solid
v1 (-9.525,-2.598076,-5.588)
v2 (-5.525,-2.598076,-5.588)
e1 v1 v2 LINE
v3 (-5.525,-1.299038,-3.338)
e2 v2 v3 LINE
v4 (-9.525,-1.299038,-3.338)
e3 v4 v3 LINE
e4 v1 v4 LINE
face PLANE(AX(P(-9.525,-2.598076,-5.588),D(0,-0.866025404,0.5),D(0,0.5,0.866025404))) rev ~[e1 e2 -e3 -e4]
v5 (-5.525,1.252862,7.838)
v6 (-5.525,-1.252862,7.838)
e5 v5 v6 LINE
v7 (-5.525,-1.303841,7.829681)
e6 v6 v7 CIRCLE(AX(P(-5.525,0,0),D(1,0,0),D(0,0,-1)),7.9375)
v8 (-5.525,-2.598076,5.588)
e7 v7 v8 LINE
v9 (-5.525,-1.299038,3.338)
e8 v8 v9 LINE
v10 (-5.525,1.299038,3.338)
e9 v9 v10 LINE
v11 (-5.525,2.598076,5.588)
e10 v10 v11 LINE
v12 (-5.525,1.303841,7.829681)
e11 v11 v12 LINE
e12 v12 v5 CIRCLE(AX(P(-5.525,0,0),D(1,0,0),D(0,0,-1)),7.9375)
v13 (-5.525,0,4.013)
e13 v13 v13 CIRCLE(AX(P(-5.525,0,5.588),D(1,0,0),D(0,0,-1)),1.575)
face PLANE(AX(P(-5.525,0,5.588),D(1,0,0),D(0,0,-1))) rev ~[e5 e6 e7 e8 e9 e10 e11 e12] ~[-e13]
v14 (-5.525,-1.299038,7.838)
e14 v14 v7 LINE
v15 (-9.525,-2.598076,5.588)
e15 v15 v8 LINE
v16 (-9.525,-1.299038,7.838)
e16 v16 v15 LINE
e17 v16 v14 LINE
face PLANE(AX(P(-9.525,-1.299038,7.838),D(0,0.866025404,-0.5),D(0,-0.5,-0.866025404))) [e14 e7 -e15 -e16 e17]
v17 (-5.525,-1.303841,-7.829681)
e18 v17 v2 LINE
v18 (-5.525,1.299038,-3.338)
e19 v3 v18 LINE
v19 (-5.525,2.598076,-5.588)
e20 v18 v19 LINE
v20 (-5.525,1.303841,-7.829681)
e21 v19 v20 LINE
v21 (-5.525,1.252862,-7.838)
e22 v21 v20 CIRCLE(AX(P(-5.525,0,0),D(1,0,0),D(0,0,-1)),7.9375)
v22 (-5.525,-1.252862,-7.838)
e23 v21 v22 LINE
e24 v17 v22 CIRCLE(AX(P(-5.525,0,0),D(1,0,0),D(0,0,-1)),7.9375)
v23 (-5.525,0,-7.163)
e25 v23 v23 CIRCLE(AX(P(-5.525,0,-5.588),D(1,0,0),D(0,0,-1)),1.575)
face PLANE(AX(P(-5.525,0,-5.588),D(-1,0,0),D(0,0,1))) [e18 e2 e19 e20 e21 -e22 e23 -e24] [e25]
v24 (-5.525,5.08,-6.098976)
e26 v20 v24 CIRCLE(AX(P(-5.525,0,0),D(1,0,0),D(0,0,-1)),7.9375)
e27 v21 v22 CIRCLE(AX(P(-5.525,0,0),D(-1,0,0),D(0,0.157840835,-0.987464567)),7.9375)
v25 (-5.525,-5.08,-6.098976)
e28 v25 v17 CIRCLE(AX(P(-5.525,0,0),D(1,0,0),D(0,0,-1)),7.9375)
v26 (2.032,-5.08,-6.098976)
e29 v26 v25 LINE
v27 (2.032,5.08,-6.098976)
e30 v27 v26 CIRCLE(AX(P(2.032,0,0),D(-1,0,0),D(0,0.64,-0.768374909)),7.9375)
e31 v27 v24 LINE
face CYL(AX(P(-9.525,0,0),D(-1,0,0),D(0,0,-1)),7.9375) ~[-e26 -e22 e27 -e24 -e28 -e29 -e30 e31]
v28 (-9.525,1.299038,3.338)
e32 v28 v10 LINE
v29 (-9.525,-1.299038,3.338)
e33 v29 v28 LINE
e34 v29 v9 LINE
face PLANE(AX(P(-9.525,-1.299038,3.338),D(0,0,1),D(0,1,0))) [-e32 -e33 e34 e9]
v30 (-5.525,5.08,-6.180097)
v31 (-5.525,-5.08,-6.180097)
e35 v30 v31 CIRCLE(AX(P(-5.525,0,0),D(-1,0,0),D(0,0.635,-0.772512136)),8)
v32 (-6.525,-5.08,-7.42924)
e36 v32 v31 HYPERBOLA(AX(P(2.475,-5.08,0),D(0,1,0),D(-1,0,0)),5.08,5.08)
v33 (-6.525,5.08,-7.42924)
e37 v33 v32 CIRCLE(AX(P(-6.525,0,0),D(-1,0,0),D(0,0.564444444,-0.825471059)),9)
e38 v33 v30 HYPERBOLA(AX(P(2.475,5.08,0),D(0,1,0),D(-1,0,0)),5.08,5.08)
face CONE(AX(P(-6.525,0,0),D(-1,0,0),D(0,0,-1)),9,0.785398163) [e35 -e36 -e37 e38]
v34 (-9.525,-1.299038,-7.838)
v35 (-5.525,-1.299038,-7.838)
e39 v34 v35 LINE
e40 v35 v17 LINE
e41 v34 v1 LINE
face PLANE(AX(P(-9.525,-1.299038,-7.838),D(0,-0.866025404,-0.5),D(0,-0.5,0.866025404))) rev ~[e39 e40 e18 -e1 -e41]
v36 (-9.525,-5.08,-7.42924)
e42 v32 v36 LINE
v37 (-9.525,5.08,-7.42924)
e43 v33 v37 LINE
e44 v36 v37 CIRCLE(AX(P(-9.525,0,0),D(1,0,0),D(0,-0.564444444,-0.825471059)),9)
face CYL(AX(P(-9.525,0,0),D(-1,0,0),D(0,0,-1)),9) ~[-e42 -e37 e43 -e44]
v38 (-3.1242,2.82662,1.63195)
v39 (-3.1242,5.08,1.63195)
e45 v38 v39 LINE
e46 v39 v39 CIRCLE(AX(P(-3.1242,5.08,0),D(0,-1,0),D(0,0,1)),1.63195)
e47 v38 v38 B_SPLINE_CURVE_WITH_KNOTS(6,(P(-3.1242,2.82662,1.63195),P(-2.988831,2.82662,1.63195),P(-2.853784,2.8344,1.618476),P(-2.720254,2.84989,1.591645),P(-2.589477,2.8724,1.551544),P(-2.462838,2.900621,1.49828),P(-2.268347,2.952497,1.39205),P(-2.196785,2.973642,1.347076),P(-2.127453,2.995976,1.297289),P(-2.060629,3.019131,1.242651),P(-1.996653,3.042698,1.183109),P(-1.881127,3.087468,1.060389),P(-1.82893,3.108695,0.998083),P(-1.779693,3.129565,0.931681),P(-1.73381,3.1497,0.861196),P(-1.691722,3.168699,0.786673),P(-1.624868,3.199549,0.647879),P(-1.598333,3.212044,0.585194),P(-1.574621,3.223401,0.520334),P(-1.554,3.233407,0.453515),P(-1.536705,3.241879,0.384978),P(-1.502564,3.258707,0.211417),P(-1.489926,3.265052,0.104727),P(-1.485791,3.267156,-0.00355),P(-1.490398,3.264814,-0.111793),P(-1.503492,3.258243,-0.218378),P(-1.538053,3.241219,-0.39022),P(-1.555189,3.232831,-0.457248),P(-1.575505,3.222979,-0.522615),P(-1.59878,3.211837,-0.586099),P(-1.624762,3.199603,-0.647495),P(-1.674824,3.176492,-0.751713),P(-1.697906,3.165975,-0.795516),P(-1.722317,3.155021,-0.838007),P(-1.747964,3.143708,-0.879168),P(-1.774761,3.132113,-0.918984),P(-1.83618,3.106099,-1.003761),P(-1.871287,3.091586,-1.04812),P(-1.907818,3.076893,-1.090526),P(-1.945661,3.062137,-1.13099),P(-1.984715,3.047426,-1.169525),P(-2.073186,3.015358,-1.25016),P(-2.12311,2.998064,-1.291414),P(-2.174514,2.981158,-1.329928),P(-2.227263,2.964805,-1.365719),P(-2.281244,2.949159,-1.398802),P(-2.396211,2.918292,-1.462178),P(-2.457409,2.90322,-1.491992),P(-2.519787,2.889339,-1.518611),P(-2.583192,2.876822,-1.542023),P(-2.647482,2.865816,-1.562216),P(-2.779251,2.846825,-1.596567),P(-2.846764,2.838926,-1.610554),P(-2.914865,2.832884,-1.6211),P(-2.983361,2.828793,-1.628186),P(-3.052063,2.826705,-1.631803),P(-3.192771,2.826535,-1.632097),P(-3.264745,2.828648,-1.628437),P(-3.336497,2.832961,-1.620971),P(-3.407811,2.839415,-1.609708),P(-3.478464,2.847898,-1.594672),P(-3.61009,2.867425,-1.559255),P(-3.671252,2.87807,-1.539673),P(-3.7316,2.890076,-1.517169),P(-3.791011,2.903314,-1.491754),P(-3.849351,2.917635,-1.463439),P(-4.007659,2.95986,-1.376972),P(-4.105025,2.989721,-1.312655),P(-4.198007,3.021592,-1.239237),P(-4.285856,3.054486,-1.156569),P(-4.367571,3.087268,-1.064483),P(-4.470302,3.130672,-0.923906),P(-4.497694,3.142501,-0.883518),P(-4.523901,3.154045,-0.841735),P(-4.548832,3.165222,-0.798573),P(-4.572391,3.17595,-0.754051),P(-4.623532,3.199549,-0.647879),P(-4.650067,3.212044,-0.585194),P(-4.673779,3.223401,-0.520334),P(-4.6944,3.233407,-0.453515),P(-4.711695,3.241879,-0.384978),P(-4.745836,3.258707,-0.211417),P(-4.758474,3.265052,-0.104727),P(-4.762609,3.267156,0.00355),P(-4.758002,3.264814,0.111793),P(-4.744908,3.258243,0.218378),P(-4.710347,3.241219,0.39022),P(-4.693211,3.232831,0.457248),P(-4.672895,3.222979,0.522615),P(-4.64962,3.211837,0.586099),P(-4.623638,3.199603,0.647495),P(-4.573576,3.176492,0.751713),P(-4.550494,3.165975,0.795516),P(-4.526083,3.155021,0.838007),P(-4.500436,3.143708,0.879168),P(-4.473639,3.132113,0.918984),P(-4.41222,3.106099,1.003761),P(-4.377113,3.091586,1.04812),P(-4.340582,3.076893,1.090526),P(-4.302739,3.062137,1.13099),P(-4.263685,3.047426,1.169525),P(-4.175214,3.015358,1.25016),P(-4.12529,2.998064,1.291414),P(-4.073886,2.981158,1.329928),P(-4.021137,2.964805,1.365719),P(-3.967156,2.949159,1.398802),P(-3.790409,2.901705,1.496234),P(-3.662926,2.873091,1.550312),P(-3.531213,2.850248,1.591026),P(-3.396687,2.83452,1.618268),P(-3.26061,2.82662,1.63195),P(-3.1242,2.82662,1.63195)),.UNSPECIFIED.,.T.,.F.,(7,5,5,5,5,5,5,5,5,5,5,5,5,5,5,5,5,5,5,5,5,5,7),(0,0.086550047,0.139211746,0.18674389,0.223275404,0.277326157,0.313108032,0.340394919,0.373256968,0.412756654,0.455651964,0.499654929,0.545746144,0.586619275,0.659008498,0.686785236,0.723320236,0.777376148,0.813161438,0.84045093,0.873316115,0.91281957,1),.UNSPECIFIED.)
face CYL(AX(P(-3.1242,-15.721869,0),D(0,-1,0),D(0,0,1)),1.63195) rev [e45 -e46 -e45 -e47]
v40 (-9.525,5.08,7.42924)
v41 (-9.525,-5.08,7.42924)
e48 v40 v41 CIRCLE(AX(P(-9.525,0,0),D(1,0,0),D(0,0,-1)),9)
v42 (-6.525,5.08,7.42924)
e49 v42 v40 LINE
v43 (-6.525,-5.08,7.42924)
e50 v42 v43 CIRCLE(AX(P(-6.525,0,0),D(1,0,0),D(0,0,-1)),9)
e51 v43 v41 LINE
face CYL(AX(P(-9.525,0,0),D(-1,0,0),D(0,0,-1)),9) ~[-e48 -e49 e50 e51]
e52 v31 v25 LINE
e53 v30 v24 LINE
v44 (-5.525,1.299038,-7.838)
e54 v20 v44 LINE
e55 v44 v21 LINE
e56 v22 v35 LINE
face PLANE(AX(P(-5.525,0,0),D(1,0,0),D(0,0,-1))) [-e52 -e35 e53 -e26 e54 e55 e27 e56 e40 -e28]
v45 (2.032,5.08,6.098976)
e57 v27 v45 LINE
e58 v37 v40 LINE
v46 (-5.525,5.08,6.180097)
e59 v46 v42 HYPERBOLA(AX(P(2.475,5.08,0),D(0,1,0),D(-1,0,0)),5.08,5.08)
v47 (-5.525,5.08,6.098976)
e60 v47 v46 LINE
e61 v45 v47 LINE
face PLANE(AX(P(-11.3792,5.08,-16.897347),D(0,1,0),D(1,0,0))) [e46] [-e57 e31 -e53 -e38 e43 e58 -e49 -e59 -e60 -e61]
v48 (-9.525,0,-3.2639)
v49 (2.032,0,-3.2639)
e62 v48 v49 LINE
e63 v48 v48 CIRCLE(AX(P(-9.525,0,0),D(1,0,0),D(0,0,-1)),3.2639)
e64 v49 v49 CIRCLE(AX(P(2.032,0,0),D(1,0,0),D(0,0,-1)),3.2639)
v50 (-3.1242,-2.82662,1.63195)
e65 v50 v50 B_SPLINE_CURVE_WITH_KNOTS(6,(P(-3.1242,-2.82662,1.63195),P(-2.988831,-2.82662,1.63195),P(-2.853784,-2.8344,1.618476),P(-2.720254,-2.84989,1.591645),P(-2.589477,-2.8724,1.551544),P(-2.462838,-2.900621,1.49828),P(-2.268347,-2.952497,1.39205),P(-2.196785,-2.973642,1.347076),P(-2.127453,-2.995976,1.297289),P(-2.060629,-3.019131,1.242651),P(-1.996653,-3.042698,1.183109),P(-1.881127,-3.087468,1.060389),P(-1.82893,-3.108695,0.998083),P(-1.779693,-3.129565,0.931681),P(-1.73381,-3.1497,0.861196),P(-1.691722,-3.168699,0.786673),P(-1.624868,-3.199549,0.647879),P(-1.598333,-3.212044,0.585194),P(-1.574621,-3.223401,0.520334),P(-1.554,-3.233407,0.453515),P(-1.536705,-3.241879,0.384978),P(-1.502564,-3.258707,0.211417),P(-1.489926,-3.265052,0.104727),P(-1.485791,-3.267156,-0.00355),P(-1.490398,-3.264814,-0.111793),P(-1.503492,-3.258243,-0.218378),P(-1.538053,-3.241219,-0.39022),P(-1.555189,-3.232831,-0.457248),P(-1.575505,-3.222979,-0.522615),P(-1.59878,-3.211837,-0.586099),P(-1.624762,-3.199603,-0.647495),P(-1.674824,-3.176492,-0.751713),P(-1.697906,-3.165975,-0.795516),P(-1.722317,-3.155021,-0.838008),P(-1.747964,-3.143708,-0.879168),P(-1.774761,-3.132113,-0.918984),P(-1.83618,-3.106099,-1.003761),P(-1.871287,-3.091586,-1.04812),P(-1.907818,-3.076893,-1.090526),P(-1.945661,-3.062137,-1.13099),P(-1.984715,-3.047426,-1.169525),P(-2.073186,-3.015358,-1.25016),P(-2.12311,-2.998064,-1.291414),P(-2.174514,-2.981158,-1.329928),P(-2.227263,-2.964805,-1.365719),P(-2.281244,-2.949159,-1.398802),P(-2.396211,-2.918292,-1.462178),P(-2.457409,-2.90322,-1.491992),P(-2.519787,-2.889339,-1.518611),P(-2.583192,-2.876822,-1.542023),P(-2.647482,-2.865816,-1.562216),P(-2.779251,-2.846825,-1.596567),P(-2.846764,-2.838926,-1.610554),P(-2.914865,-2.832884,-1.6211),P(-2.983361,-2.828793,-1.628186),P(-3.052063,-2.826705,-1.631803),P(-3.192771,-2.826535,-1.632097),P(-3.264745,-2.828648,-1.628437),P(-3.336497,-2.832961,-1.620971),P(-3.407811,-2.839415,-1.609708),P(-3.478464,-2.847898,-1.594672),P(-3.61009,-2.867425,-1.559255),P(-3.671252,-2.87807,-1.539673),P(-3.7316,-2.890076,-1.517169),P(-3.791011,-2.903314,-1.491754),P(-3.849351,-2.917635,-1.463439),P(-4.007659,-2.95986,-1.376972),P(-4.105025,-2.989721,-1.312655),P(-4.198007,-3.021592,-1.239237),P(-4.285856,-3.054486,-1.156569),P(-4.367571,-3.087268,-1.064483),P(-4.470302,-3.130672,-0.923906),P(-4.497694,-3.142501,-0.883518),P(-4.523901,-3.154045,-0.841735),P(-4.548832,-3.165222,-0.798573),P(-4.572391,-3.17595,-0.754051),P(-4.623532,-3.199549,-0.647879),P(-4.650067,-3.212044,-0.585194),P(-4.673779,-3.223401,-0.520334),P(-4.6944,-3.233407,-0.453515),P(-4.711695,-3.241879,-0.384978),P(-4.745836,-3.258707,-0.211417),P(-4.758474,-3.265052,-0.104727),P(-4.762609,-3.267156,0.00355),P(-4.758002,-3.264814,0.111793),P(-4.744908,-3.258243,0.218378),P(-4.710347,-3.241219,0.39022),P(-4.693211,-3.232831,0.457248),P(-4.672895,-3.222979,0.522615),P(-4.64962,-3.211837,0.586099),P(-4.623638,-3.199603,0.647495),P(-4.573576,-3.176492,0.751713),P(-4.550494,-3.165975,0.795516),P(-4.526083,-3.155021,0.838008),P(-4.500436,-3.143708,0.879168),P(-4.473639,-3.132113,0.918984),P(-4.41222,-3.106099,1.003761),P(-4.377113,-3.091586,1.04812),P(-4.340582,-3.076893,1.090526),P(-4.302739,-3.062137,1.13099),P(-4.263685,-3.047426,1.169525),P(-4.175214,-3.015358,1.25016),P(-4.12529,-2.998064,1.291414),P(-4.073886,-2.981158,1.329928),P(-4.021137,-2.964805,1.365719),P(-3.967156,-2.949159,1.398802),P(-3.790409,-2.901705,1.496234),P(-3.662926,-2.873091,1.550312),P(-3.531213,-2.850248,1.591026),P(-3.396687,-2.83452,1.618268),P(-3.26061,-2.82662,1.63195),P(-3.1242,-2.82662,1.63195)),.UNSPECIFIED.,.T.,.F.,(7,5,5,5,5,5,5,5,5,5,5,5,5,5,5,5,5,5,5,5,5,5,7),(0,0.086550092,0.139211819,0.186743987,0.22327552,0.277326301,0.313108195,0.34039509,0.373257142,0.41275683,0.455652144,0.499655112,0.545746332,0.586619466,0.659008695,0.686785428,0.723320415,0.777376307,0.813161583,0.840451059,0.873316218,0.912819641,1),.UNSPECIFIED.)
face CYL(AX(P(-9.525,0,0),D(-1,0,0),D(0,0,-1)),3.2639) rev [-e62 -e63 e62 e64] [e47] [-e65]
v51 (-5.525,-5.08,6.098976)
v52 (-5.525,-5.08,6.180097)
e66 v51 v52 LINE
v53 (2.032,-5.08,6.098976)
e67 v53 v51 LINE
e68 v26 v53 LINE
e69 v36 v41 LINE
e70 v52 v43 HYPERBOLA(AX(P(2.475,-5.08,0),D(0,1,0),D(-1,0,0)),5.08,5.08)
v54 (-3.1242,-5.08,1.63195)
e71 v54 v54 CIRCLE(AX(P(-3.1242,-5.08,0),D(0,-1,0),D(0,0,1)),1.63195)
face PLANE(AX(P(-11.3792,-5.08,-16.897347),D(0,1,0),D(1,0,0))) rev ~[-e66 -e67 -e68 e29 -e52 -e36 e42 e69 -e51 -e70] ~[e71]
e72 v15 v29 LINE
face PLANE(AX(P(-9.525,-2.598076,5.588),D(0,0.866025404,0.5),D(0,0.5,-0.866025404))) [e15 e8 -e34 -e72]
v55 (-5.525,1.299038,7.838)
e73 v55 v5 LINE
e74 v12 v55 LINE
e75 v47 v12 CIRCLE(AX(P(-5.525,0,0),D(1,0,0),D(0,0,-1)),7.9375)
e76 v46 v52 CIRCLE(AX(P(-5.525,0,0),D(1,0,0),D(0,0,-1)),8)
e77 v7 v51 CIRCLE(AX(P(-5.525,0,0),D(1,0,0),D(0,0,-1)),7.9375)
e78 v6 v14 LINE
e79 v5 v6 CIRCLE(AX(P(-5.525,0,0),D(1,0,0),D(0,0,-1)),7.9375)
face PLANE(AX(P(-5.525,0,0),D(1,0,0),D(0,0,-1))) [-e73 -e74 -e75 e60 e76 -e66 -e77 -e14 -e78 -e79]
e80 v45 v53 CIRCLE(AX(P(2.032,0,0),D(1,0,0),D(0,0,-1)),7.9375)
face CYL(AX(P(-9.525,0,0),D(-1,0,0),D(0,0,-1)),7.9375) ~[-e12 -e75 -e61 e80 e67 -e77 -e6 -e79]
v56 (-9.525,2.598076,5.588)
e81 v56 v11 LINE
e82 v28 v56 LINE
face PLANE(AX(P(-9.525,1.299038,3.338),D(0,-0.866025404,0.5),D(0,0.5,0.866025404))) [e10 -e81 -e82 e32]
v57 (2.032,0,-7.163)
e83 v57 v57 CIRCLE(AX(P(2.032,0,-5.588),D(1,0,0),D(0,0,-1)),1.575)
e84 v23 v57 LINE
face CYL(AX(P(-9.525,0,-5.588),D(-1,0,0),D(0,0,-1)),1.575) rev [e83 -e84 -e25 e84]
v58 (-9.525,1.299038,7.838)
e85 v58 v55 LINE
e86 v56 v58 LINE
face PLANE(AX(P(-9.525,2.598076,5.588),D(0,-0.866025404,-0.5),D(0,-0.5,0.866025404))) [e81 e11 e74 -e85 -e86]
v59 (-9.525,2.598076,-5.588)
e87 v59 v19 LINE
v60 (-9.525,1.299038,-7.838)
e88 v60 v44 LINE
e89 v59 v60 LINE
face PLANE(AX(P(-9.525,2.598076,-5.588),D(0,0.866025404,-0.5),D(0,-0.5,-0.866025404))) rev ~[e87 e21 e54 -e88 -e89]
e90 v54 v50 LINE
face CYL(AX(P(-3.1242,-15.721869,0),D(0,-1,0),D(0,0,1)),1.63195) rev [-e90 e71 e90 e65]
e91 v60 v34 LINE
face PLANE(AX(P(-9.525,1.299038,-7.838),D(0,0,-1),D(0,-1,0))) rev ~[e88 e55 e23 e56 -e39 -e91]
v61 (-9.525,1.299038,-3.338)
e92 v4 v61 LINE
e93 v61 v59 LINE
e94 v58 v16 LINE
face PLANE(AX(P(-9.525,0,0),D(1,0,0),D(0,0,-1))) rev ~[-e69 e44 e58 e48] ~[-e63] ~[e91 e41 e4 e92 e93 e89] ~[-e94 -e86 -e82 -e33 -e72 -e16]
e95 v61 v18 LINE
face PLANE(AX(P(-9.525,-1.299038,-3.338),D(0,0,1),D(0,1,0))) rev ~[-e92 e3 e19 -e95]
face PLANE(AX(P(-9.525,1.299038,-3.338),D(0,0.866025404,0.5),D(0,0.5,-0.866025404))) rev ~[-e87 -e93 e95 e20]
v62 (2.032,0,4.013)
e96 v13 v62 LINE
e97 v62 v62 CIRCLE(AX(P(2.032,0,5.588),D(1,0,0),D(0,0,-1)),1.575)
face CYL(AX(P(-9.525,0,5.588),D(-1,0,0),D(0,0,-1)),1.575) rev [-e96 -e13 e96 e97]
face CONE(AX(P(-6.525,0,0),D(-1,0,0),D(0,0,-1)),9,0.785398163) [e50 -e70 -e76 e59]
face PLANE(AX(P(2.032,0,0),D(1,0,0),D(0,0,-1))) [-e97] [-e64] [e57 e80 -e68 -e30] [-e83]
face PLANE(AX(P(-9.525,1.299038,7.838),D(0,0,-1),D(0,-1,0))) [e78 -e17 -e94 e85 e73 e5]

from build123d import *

# Parameters (mm, degrees)
SKETCH1_R                 = 7.9375
SKETCH1_R_2               = 1.575
SKETCH1_R_3               = 3.2639
INNER_SIDE_EXTRUDE_DEPTH  = 2.032
OUTER_START               = -9.525
SKETCH1_3_R               = 7.9375
SKETCH1_3_R_2             = 1.575
SKETCH1_3_R_3             = 3.2639
OUTER_SIDE_EXTRUDE_DEPTH  = 9.525
CLEVIS_PIN_CUT_DEPTH      = 15.721869362
CLEVIS_PIN_CUT_DEPTH_BACK = 15.721869362
SKETCH2_R                 = 1.63195
SKETCH3_R                 = 9
SKETCH3_R_2               = 7.9375
BOSS_EXTRUDE1_DEPTH       = 4
SKETCH4_R                 = 1.575
CUT_EXTRUDE1_DEPTH        = 4
CHAMFER1_SIZE             = 1
CUT_EXTRUDE2_DEPTH        = 16.897346537
CUT_EXTRUDE2_DEPTH_BACK   = 16.897346537
SKETCH5_W                 = 16.51
SKETCH5_H                 = 4.312866645


with BuildPart() as part:
    # Sketch1 → Inner Side Extrude (new body)
    with BuildSketch(Plane(origin=(0, 0, 0), x_dir=(0, 0, -1), z_dir=(1, 0, 0))):
        Circle(SKETCH1_R)
        with Locations((5.588, 0)):
            Circle(SKETCH1_R_2, mode=Mode.SUBTRACT)
        with Locations((-5.588, 0)):
            Circle(SKETCH1_R_2, mode=Mode.SUBTRACT)
        Circle(SKETCH1_R_3, mode=Mode.SUBTRACT)
    extrude(amount=INNER_SIDE_EXTRUDE_DEPTH)

    # Sketch1<3> → Outer Side Extrude (add)
    with BuildSketch(Plane(origin=(0, 0, 0), x_dir=(0, 0, -1), z_dir=(1, 0, 0)).offset(OUTER_START)):
        Circle(SKETCH1_3_R)
        with Locations((5.588, 0)):
            Circle(SKETCH1_3_R_2, mode=Mode.SUBTRACT)
        with Locations((-5.588, 0)):
            Circle(SKETCH1_3_R_2, mode=Mode.SUBTRACT)
        Circle(SKETCH1_3_R_3, mode=Mode.SUBTRACT)
    extrude(amount=OUTER_SIDE_EXTRUDE_DEPTH)

    # Sketch2 → Clevis Pin Cut (cut, two sides: drawn at the far end of the back side and taken through both)
    with BuildSketch(Plane(origin=(0, 0, 0), x_dir=(1, 0, 0), z_dir=(0, 1, 0)).offset(-CLEVIS_PIN_CUT_DEPTH_BACK)):
        with Locations((-3.1242, 0)):
            Circle(SKETCH2_R)
    extrude(amount=CLEVIS_PIN_CUT_DEPTH + CLEVIS_PIN_CUT_DEPTH_BACK, mode=Mode.SUBTRACT)

    # Sketch3 → Boss-Extrude1 (add)
    with BuildSketch(Plane(origin=(-9.525, 0, 0), x_dir=(0, 0, -1), z_dir=(1, 0, 0))):
        Circle(SKETCH3_R)
        Circle(SKETCH3_R_2, mode=Mode.SUBTRACT)
    extrude(amount=BOSS_EXTRUDE1_DEPTH)

    # Sketch4 → Cut-Extrude1 (cut)
    # profile 1 of 2: a face of its own
    with BuildSketch(Plane(origin=(-9.525, 0, 0), x_dir=(0, 0, -1), z_dir=(1, 0, 0))):
        Polygon((-3.338, 1.299038106), (-5.588, 2.598076211), (-7.838, 1.299038106), (-7.838, -1.299038106), (-5.588, -2.598076211), (-3.338, -1.299038106), align=None)
        with Locations((-5.588, 0)):
            Circle(SKETCH4_R, mode=Mode.SUBTRACT)
    # profile 2 of 2: a face of its own
    with BuildSketch(Plane(origin=(-9.525, 0, 0), x_dir=(0, 0, -1), z_dir=(1, 0, 0))):
        Polygon((5.588, 2.598076211), (3.338, 1.299038106), (3.338, -1.299038106), (5.588, -2.598076211), (7.838, -1.299038106), (7.838, 1.299038106), align=None)
        with Locations((5.588, 0)):
            Circle(SKETCH4_R, mode=Mode.SUBTRACT)
    extrude(amount=CUT_EXTRUDE1_DEPTH, mode=Mode.SUBTRACT)

    # Chamfer1
    chamfer1_edges = [part.edges().sort_by_distance(p)[0] for p in [
        (-5.525, 0, 9),
    ]]
    chamfer(chamfer1_edges, length=CHAMFER1_SIZE)

    # Sketch5 → Cut-Extrude2 (cut, two sides: drawn at the far end of the back side and taken through both)
    with BuildSketch(Plane.XY.offset(-CUT_EXTRUDE2_DEPTH_BACK)):
        with Locations((-3.1242, 7.236433322)):
            Rectangle(SKETCH5_W, SKETCH5_H)
        with Locations((-3.1242, -7.236433322)):
            Rectangle(SKETCH5_W, SKETCH5_H)
    extrude(amount=CUT_EXTRUDE2_DEPTH + CUT_EXTRUDE2_DEPTH_BACK, mode=Mode.SUBTRACT)


solid = part.part
